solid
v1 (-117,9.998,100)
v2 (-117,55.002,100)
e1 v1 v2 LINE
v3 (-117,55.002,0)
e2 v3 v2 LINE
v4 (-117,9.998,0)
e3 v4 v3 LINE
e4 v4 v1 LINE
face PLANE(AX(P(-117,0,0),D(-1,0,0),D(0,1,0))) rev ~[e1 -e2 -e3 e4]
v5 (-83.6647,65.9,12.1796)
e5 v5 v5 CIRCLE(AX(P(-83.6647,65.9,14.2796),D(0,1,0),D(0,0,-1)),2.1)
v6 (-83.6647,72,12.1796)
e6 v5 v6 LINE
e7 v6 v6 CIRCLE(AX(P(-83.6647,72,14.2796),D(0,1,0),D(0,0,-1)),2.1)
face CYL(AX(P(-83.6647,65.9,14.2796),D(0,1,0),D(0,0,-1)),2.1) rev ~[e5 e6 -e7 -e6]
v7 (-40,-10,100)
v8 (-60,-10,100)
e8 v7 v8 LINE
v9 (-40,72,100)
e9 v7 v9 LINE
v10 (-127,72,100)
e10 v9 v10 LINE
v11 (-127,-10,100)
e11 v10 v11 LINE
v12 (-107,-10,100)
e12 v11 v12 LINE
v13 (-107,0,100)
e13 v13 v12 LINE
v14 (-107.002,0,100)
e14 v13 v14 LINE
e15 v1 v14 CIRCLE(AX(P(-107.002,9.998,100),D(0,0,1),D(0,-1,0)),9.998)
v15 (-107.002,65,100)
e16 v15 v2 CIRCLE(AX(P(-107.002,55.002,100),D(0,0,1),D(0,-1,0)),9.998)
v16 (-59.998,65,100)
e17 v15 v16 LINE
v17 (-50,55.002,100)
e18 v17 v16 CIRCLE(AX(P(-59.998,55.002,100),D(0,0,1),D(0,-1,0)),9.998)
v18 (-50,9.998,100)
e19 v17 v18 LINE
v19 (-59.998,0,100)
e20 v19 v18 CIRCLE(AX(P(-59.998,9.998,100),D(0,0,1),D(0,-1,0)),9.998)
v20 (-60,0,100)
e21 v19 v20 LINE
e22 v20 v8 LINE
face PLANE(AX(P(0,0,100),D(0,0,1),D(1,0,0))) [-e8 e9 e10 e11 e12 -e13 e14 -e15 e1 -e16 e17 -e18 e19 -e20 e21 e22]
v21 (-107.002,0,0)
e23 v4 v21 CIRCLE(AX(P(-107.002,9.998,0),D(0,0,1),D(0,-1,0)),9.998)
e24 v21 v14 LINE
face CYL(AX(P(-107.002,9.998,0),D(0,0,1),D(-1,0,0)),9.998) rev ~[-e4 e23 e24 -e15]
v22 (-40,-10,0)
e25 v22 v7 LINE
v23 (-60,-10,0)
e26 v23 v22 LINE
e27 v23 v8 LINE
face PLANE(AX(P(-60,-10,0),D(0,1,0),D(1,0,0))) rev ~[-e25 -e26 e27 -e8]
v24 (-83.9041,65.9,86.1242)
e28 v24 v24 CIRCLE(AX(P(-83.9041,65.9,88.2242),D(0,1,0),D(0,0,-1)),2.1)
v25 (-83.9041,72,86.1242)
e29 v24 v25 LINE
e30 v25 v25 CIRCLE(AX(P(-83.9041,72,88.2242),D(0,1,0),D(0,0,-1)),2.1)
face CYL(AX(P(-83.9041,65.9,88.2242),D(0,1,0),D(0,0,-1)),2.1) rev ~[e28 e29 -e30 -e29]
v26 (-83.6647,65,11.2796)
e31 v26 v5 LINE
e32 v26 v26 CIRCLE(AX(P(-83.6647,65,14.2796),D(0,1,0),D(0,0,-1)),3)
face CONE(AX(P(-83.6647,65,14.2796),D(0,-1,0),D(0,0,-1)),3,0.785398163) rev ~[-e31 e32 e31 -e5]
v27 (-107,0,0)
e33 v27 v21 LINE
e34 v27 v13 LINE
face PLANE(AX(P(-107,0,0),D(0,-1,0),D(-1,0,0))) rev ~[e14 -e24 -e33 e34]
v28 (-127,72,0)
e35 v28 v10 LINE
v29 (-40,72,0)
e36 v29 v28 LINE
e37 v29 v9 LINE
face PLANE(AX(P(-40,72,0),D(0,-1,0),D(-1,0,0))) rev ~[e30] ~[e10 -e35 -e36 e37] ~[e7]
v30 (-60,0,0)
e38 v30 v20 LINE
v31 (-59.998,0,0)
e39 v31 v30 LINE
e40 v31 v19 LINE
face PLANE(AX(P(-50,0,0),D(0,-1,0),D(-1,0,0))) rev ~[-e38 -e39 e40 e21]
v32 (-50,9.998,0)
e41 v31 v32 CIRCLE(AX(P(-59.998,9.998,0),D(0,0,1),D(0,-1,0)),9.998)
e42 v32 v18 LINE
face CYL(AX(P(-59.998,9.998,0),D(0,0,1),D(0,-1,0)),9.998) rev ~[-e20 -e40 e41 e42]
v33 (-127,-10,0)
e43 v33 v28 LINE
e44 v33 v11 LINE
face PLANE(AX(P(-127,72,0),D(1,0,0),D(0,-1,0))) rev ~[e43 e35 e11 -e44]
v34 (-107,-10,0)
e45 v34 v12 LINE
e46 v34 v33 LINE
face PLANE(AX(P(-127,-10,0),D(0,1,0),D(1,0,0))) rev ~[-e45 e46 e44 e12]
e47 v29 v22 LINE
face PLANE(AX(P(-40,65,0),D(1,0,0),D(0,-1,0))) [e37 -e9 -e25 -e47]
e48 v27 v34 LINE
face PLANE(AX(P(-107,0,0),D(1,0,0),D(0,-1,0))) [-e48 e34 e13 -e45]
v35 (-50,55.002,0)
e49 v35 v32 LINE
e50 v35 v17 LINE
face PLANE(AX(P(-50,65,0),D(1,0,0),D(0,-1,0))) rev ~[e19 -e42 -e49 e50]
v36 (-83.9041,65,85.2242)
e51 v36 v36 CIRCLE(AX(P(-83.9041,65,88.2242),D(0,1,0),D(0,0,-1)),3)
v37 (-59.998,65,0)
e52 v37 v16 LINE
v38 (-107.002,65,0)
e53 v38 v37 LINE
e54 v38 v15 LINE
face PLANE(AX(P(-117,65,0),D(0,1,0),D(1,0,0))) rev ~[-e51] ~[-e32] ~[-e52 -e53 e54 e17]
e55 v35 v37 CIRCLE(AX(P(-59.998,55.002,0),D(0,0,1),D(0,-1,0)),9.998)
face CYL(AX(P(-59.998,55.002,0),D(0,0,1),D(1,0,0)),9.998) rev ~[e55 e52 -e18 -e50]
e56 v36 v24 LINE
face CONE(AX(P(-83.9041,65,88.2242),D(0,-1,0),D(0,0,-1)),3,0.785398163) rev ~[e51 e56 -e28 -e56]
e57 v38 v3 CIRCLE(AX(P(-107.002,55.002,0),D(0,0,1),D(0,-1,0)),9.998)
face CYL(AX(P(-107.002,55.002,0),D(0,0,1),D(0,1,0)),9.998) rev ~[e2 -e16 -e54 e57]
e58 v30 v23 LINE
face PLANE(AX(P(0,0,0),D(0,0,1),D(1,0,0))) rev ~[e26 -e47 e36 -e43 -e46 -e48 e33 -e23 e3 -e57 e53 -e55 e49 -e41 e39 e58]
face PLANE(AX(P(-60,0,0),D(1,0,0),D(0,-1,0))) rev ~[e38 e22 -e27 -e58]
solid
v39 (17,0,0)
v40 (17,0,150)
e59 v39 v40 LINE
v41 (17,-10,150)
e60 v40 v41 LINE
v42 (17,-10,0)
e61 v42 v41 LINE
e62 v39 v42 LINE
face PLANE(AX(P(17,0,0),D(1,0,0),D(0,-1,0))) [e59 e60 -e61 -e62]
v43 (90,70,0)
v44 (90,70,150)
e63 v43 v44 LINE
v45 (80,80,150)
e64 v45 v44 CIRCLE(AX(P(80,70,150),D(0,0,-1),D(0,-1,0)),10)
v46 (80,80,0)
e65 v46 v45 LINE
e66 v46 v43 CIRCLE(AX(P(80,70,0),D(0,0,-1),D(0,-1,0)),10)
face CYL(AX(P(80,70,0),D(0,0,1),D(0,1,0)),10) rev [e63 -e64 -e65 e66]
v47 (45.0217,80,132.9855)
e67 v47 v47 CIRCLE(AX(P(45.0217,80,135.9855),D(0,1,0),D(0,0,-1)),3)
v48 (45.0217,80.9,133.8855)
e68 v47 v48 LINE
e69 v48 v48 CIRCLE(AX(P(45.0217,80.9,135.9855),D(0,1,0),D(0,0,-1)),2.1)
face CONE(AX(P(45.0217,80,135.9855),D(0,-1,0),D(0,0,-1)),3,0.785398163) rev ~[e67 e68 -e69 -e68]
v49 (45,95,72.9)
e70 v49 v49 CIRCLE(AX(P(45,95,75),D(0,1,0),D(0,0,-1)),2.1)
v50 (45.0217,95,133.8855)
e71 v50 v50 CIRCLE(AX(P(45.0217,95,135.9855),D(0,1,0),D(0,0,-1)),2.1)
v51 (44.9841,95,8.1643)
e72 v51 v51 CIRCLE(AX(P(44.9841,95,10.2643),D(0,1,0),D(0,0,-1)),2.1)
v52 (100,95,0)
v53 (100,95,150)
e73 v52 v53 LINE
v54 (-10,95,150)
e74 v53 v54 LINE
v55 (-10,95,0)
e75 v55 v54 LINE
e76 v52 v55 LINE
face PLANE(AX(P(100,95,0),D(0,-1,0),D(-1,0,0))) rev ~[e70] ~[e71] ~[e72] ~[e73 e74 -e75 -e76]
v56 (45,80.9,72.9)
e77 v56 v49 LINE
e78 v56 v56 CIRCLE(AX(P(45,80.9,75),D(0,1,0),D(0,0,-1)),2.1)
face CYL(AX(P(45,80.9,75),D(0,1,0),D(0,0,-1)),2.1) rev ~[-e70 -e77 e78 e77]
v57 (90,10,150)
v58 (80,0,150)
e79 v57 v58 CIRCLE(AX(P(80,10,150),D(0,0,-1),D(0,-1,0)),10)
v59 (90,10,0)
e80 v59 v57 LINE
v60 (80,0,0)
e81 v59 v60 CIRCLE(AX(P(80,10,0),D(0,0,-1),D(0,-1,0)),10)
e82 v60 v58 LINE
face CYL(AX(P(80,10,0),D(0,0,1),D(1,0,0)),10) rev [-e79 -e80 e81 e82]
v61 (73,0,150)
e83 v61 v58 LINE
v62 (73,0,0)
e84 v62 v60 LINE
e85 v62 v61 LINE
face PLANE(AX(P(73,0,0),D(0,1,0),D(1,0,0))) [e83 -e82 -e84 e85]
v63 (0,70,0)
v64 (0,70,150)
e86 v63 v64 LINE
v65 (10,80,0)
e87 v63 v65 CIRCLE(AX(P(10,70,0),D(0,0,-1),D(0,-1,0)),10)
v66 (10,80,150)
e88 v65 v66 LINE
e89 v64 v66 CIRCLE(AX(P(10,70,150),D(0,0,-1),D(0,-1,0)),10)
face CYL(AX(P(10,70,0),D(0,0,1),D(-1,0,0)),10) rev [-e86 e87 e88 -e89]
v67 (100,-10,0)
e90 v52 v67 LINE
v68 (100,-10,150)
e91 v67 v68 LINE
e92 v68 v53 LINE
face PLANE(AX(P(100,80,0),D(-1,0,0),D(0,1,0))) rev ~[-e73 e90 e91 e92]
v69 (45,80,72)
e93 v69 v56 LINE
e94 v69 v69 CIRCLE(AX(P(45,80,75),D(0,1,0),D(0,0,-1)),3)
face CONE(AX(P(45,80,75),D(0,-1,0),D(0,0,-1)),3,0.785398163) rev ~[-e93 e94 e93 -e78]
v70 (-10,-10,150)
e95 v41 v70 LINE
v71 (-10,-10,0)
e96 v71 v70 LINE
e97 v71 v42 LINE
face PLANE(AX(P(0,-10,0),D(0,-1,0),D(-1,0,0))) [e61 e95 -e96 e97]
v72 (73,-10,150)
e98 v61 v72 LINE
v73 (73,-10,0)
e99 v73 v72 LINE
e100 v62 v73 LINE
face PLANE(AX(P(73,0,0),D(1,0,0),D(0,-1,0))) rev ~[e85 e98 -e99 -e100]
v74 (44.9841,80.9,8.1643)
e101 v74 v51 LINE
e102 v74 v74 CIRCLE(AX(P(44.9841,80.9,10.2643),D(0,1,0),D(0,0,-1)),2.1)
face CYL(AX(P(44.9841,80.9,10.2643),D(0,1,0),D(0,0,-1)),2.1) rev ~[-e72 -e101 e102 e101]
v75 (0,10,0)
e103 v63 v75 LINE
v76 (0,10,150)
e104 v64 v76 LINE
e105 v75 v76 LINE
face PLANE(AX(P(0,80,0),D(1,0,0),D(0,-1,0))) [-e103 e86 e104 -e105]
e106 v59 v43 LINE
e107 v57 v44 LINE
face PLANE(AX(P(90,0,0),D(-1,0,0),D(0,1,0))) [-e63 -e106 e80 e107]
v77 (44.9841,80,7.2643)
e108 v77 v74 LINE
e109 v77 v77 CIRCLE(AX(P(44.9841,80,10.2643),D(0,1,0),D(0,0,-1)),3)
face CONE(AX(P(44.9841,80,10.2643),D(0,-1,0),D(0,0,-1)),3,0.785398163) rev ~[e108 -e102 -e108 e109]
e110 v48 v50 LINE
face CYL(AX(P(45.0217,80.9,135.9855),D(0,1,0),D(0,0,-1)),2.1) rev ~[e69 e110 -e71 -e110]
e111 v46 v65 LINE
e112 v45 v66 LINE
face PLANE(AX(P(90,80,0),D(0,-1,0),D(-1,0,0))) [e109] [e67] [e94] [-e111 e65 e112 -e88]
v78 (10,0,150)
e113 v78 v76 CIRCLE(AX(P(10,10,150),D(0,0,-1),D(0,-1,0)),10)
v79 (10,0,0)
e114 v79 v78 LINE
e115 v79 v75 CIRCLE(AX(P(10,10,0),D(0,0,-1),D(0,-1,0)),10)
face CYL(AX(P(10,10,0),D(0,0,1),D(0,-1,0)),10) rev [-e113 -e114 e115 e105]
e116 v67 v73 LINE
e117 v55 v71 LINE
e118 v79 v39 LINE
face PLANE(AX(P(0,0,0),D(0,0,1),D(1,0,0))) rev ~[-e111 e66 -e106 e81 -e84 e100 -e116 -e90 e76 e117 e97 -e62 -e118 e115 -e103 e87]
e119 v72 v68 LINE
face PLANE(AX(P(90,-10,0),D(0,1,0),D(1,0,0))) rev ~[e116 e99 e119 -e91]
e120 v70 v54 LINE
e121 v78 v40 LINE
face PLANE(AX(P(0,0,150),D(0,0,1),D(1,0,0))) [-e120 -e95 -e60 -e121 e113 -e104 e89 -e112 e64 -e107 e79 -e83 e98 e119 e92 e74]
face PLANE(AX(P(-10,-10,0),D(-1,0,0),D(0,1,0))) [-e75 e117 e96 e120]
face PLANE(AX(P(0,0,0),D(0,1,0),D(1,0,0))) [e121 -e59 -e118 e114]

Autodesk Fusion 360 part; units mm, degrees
sketch "Sketch1" plane through (0, 0, 0) normal (0, 0, 1) x (1, 0, 0)
  line L0 (0, 0) -> (90, 0)
  line L1 (90, 0) -> (90, 80)
  line L2 (90, 80) -> (0, 80)
  line L3 (0, 80) -> (0, 0)
  line L4 (0, 0) -> (17, 0)
  line L5 (17, 0) -> (17, -10)
  line L6 (17, -10) -> (0, -10)
  line L7 (0, -10) -> (0, 0)
  line L8 (90, 0) -> (73, 0)
  line L9 (73, 0) -> (73, -10)
  line L10 (73, -10) -> (90, -10)
  line L11 (90, -10) -> (90, 0)
  line L12 (0, -10) -> (-10, -10)
  line L13 (-10, -10) -> (-10, 80)
  line L14 (-10, 80) -> (0, 80)
  line L15 (0, 80) -> (0, -10)
  line L16 (85, -10) -> (90, -10)
  line L17 (90, -10) -> (90, 80)
  line L18 (90, -10) -> (100, -10)
  line L19 (100, -10) -> (100, 80)
  line L20 (100, 80) -> (90, 80)
  line L21 (90, 80) -> (90, -10)
  line L22 (-10, 80) -> (100, 80)
  line L23 (100, 80) -> (100, 95)
  line L24 (100, 95) -> (-10, 95)
  line L25 (-10, 95) -> (-10, 80)
  dimension "d1" = 90
  dimension "d2" = 80
  dimension "d3" = 17
  dimension "d4" = 10
  dimension "d5" = 17
  dimension "d6" = 10
  dimension "d7" = 10
  dimension "d8" = 90
extrude "Extrude1" add sketch "Sketch1" along normal blind 150 contours L3 L7 L12 L13 L14 L15 L22 | L0 L4 L5 L6 L7 L15 | L2 L14 L20 L22 L23 L24 L25 | L0 L8 L9 L10 L11 L16 L17 L21 | L1 L11 L17 L18 L19 L20 L21 L22 makes body 1
hole "Hole1" at (45, 80, 75) direction (0, 1, 0) diameter 4.2 depth 20 tip angle 118 countersink diameter 6 countersink angle 90 bodies 1
sketch "Sketch2" plane through (0, 80, 0) normal (0, -1, 0) x (1, 0, 0)
  circle A0 centre (45, 75) radius 3
  line L0 (0, 0) -> (90, 0)
  line L1 (90, 0) -> (90, 150)
  line L2 (90, 150) -> (0, 150)
  line L3 (0, 150) -> (0, 0)
  line L4 (45, 75) -> (45, 150)
  line L5 (45, 75) -> (45, 0)
hole "Hole2" at (45.0217, 80, 135.9855) direction (0, 1, 0) diameter 4.2 depth 20 tip angle 118 countersink diameter 6 countersink angle 90 bodies 1
hole "Hole3" at (44.9841, 80, 10.2643) direction (0, 1, 0) diameter 4.2 depth 20 tip angle 118 countersink diameter 6 countersink angle 90 bodies 1
sketch "Sketch3" plane through (0, 0, 0) normal (0, 0, 1) x (1, 0, 0)
  line L0 (-50, 0) -> (-117, 0)
  line L1 (-117, 0) -> (-117, 65)
  line L2 (-117, 65) -> (-50, 65)
  line L3 (-50, 65) -> (-50, 0)
  line L4 (-117, 0) -> (-107, 0)
  line L5 (-107, 0) -> (-107, -10)
  line L6 (-107, -10) -> (-117, -10)
  line L7 (-117, -10) -> (-117, 0)
  line L8 (-50, 0) -> (-60, 0)
  line L9 (-60, 0) -> (-60, -10)
  line L10 (-60, -10) -> (-50, -10)
  line L11 (-50, -10) -> (-50, 0)
  line L12 (-117, 65) -> (-127, 65)
  line L13 (-127, 65) -> (-127, -10)
  line L14 (-127, -10) -> (-117, -10)
  line L15 (-117, -10) -> (-117, 65)
  line L16 (-50, 65) -> (-40, 65)
  line L17 (-40, 65) -> (-40, -10)
  line L18 (-40, -10) -> (-50, -10)
  line L19 (-50, -10) -> (-50, 65)
  line L20 (-127, 65) -> (-40, 65)
  line L21 (-40, 65) -> (-40, 72)
  line L22 (-40, 72) -> (-127, 72)
  line L23 (-127, 72) -> (-127, 65)
  dimension "d27" = 67
  dimension "d28" = 65
  dimension "d29" = 10
  dimension "d30" = 10
  dimension "d31" = 10
  dimension "d32" = 7
extrude "Extrude2" add sketch "Sketch3" along normal blind 100 separate body contours L0 L8 L9 L10 L11 L19 | L3 L11 L16 L17 L18 L19 L20 | L2 L12 L16 L20 L21 L22 L23 | L0 L4 L5 L6 L7 L15 | L1 L7 L12 L13 L14 L15 L20 makes body 2
fillet "Fillet1" radius 10 8 edges at (0, 80, 75) (0, 0, 75) (90, 0, 75) (90, 80, 75) (-117, 65, 50) (-50, 65, 50) (-117, 0, 50) (-50, 0, 50) on bodies 1 2
hole "Hole4" at (-83.9041, 65, 88.2242) direction (0, 1, 0) diameter 4.2 depth 10 tip angle 118 countersink diameter 6 countersink angle 90 bodies 2
hole "Hole5" at (-83.6647, 65, 14.2796) direction (0, 1, 0) diameter 4.2 depth 10 tip angle 118 countersink diameter 6 countersink angle 90 bodies 2
